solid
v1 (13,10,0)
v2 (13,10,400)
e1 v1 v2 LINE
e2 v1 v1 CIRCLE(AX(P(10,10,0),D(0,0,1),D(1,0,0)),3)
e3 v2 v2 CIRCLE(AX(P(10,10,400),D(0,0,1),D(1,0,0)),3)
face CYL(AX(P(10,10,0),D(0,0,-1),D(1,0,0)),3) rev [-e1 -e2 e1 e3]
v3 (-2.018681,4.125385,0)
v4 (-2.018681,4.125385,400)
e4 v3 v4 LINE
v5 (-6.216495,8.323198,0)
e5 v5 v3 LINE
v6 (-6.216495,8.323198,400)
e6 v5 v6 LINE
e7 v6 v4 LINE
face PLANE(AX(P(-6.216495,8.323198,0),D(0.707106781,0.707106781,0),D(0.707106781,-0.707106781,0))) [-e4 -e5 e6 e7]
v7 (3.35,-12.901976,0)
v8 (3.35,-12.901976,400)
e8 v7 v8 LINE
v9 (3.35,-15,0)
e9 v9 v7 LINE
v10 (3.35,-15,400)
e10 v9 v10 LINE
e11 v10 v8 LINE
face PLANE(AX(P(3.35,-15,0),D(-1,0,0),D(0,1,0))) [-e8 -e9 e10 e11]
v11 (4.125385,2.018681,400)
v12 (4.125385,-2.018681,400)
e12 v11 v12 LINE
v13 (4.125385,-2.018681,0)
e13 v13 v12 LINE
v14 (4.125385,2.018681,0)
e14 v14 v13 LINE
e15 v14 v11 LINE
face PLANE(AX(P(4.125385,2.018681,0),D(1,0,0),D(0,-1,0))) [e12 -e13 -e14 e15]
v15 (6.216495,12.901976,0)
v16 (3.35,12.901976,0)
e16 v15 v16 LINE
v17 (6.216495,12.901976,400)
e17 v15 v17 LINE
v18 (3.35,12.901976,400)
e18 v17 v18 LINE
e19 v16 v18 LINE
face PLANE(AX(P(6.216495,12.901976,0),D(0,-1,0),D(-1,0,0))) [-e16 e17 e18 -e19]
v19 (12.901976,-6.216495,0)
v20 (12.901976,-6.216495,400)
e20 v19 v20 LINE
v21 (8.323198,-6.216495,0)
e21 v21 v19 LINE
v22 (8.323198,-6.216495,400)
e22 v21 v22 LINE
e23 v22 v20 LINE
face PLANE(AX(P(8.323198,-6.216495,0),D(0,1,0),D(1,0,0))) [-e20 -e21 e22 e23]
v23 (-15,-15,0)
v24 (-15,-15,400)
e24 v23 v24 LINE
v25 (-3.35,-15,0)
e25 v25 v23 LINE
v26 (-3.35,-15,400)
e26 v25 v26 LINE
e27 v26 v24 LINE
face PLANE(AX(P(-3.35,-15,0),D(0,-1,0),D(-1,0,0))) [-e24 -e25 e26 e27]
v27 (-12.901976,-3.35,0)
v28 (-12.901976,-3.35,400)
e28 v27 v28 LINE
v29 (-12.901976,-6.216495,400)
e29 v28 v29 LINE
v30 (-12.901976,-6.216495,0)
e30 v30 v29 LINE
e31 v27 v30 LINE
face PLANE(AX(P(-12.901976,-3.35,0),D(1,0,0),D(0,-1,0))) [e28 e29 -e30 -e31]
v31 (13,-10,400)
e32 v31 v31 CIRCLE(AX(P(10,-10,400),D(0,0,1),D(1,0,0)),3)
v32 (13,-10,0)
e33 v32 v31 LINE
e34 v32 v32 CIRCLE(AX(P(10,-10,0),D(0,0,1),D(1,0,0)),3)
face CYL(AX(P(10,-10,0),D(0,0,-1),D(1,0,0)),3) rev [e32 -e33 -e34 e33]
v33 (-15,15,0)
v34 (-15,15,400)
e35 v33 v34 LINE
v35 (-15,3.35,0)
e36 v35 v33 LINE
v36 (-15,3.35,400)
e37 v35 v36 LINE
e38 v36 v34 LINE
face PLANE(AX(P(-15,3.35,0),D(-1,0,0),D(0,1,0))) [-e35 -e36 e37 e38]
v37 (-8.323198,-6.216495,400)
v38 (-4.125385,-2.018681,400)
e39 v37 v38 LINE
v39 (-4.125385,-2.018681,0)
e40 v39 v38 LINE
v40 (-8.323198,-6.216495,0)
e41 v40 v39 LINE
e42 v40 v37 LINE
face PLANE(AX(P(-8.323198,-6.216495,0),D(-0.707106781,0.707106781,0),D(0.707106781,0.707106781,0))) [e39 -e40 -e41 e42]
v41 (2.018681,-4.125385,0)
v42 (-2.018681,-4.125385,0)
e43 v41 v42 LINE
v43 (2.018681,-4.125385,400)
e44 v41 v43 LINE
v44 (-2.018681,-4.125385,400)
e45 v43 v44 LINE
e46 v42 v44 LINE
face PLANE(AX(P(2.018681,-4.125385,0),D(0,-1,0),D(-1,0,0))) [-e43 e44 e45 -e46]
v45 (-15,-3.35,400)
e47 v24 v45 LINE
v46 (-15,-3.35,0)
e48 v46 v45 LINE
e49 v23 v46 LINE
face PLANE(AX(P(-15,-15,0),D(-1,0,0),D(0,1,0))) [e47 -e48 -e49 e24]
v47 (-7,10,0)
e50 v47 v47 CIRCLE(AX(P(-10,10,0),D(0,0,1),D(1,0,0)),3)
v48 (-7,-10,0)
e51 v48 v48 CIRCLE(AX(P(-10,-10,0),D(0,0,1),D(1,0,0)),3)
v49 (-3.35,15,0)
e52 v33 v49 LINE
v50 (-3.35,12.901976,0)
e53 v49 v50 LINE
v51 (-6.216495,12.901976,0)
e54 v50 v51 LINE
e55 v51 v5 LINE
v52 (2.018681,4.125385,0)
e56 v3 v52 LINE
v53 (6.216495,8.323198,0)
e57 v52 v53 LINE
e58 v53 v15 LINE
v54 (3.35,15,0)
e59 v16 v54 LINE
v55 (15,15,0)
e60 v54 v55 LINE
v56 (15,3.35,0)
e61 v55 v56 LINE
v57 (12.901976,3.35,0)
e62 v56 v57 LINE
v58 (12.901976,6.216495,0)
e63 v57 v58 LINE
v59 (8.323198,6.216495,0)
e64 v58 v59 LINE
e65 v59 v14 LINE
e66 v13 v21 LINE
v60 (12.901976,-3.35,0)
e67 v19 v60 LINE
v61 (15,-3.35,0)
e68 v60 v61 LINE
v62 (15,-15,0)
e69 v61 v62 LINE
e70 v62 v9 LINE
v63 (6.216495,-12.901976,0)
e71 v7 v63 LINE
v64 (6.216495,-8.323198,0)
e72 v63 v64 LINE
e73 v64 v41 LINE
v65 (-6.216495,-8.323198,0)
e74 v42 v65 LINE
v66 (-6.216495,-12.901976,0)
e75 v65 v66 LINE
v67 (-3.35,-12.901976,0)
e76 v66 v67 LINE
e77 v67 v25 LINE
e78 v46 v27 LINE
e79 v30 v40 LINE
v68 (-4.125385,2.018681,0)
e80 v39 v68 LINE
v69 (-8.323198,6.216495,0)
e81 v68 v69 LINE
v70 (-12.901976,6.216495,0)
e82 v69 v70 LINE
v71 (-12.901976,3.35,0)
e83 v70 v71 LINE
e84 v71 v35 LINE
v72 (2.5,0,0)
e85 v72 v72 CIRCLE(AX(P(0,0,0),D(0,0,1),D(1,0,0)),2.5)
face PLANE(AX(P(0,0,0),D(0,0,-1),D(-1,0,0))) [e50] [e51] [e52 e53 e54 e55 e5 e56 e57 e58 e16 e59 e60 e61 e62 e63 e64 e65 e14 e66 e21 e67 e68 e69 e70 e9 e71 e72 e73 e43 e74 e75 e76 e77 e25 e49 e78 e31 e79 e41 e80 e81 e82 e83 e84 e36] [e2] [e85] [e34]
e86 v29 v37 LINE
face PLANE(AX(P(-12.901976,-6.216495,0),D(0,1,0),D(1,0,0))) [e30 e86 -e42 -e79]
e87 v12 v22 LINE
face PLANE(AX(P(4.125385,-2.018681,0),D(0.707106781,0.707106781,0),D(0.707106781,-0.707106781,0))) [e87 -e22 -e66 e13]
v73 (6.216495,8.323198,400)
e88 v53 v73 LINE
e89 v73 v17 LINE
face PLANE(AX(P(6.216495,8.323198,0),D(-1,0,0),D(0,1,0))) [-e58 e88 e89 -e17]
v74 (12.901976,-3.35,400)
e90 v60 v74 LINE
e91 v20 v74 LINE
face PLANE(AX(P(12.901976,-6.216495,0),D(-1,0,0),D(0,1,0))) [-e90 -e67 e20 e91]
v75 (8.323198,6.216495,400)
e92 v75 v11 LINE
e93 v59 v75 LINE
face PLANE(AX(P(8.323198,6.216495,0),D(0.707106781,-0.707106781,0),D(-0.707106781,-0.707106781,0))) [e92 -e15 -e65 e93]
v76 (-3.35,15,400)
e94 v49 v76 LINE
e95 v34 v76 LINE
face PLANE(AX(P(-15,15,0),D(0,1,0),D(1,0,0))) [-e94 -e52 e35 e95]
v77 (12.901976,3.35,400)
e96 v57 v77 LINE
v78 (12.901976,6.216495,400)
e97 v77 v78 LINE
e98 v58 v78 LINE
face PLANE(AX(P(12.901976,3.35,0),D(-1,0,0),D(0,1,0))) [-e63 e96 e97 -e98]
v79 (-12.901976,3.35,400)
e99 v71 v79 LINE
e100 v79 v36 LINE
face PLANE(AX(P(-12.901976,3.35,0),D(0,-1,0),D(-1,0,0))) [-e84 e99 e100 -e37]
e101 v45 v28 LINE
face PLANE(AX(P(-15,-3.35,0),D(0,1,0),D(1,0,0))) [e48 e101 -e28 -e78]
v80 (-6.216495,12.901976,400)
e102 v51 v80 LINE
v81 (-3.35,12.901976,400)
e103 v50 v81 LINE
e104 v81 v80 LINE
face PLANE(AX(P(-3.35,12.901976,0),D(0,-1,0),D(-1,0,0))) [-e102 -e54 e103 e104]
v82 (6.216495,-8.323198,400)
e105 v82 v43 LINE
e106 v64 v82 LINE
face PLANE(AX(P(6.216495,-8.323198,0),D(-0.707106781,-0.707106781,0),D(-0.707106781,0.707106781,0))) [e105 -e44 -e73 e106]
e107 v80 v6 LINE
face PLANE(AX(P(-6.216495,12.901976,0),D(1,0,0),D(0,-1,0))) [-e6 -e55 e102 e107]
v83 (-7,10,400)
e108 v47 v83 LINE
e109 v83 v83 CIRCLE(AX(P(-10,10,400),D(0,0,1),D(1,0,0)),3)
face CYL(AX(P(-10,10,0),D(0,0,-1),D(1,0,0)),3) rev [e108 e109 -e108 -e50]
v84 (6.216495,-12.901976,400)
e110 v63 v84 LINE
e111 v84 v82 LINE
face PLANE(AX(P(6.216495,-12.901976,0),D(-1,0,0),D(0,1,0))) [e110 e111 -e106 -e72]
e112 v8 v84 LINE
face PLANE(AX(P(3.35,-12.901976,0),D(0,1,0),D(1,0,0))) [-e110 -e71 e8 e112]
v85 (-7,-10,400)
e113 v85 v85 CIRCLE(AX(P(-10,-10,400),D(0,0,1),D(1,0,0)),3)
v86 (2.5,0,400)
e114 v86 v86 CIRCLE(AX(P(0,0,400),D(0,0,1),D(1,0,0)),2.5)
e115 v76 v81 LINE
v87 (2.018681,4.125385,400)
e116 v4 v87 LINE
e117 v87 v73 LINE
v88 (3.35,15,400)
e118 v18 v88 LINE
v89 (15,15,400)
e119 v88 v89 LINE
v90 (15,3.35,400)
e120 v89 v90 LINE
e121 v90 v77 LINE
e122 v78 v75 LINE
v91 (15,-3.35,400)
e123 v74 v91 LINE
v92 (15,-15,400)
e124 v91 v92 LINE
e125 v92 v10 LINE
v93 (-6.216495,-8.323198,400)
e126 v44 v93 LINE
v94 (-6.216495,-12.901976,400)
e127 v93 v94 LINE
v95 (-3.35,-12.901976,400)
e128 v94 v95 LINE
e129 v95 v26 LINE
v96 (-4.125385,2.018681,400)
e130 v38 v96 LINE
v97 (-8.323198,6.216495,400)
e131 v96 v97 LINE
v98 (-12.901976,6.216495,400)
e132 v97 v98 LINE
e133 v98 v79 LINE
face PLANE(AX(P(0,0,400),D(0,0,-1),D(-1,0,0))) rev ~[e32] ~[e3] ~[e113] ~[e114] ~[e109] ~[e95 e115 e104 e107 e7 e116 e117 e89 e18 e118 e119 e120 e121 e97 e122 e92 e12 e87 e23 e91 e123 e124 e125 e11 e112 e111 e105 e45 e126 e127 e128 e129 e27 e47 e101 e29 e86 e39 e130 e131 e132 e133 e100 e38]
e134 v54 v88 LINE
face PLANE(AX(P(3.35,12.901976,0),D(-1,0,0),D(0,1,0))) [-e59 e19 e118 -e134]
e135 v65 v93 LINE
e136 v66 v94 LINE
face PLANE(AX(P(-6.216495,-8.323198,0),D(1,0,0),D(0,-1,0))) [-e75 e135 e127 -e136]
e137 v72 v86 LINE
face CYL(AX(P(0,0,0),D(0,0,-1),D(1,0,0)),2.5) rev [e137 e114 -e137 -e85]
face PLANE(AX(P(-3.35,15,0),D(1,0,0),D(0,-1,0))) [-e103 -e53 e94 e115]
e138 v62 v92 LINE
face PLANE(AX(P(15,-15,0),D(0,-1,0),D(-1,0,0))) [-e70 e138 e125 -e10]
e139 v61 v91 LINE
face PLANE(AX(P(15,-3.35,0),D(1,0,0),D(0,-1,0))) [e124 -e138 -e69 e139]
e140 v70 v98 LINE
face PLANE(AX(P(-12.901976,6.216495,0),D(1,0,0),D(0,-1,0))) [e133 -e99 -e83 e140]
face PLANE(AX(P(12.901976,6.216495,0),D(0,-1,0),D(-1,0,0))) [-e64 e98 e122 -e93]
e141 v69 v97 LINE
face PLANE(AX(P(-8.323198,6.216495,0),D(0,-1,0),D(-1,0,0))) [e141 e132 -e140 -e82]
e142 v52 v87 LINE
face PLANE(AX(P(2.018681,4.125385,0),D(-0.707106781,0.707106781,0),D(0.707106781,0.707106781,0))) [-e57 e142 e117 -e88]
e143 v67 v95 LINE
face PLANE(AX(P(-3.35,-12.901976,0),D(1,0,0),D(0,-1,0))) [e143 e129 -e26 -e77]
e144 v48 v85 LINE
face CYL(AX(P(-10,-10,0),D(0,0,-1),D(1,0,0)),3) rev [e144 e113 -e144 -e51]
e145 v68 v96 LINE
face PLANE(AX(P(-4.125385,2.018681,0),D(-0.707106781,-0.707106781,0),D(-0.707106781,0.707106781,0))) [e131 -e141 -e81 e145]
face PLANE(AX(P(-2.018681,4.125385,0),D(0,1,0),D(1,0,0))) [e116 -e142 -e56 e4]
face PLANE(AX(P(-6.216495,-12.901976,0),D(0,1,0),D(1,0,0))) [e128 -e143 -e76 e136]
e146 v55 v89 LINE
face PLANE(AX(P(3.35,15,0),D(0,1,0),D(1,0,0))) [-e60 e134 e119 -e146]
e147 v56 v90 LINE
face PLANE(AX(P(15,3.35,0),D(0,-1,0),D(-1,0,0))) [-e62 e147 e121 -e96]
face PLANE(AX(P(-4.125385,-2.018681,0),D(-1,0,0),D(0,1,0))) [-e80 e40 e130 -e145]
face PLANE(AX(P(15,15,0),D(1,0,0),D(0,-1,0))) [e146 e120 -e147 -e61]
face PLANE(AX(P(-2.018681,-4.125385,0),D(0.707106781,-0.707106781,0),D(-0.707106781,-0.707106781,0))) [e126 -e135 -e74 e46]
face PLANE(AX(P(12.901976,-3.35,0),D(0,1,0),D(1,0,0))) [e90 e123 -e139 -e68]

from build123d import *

# Parameters (mm, degrees)
SKETCH1_R           = 2.5
SKETCH1_R_2         = 3
BOSS_EXTRUDE1_DEPTH = 400


with BuildPart() as part:
    # Sketch1 → Boss-Extrude1 (new body)
    with BuildSketch(Plane.XY):
        Polygon((-15, 15), (-3.35, 15), (-3.35, 12.901975832), (-6.216494866, 12.901975832), (-6.216494866, 8.323198212), (-2.018681454, 4.1253848), (2.018681454, 4.1253848), (6.216494866, 8.323198212), (6.216494866, 12.901975832), (3.35, 12.901975832), (3.35, 15), (15, 15), (15, 3.35), (12.901975832, 3.35), (12.901975832, 6.216494866), (8.323198212, 6.216494866), (4.1253848, 2.018681454), (4.1253848, -2.018681454), (8.323198212, -6.216494866), (12.901975832, -6.216494866), (12.901975832, -3.35), (15, -3.35), (15, -15), (3.35, -15), (3.35, -12.901975832), (6.216494866, -12.901975832), (6.216494866, -8.323198212), (2.018681454, -4.1253848), (-2.018681454, -4.1253848), (-6.216494866, -8.323198212), (-6.216494866, -12.901975832), (-3.35, -12.901975832), (-3.35, -15), (-15, -15), (-15, -3.35), (-12.901975832, -3.35), (-12.901975832, -6.216494866), (-8.323198212, -6.216494866), (-4.1253848, -2.018681454), (-4.1253848, 2.018681454), (-8.323198212, 6.216494866), (-12.901975832, 6.216494866), (-12.901975832, 3.35), (-15, 3.35), align=None)
        Circle(SKETCH1_R, mode=Mode.SUBTRACT)
        with Locations((10, 10)):
            Circle(SKETCH1_R_2, mode=Mode.SUBTRACT)
        with Locations((-10, 10)):
            Circle(SKETCH1_R_2, mode=Mode.SUBTRACT)
        with Locations((-10, -10)):
            Circle(SKETCH1_R_2, mode=Mode.SUBTRACT)
        with Locations((10, -10)):
            Circle(SKETCH1_R_2, mode=Mode.SUBTRACT)
    extrude(amount=BOSS_EXTRUDE1_DEPTH)


solid = part.part
